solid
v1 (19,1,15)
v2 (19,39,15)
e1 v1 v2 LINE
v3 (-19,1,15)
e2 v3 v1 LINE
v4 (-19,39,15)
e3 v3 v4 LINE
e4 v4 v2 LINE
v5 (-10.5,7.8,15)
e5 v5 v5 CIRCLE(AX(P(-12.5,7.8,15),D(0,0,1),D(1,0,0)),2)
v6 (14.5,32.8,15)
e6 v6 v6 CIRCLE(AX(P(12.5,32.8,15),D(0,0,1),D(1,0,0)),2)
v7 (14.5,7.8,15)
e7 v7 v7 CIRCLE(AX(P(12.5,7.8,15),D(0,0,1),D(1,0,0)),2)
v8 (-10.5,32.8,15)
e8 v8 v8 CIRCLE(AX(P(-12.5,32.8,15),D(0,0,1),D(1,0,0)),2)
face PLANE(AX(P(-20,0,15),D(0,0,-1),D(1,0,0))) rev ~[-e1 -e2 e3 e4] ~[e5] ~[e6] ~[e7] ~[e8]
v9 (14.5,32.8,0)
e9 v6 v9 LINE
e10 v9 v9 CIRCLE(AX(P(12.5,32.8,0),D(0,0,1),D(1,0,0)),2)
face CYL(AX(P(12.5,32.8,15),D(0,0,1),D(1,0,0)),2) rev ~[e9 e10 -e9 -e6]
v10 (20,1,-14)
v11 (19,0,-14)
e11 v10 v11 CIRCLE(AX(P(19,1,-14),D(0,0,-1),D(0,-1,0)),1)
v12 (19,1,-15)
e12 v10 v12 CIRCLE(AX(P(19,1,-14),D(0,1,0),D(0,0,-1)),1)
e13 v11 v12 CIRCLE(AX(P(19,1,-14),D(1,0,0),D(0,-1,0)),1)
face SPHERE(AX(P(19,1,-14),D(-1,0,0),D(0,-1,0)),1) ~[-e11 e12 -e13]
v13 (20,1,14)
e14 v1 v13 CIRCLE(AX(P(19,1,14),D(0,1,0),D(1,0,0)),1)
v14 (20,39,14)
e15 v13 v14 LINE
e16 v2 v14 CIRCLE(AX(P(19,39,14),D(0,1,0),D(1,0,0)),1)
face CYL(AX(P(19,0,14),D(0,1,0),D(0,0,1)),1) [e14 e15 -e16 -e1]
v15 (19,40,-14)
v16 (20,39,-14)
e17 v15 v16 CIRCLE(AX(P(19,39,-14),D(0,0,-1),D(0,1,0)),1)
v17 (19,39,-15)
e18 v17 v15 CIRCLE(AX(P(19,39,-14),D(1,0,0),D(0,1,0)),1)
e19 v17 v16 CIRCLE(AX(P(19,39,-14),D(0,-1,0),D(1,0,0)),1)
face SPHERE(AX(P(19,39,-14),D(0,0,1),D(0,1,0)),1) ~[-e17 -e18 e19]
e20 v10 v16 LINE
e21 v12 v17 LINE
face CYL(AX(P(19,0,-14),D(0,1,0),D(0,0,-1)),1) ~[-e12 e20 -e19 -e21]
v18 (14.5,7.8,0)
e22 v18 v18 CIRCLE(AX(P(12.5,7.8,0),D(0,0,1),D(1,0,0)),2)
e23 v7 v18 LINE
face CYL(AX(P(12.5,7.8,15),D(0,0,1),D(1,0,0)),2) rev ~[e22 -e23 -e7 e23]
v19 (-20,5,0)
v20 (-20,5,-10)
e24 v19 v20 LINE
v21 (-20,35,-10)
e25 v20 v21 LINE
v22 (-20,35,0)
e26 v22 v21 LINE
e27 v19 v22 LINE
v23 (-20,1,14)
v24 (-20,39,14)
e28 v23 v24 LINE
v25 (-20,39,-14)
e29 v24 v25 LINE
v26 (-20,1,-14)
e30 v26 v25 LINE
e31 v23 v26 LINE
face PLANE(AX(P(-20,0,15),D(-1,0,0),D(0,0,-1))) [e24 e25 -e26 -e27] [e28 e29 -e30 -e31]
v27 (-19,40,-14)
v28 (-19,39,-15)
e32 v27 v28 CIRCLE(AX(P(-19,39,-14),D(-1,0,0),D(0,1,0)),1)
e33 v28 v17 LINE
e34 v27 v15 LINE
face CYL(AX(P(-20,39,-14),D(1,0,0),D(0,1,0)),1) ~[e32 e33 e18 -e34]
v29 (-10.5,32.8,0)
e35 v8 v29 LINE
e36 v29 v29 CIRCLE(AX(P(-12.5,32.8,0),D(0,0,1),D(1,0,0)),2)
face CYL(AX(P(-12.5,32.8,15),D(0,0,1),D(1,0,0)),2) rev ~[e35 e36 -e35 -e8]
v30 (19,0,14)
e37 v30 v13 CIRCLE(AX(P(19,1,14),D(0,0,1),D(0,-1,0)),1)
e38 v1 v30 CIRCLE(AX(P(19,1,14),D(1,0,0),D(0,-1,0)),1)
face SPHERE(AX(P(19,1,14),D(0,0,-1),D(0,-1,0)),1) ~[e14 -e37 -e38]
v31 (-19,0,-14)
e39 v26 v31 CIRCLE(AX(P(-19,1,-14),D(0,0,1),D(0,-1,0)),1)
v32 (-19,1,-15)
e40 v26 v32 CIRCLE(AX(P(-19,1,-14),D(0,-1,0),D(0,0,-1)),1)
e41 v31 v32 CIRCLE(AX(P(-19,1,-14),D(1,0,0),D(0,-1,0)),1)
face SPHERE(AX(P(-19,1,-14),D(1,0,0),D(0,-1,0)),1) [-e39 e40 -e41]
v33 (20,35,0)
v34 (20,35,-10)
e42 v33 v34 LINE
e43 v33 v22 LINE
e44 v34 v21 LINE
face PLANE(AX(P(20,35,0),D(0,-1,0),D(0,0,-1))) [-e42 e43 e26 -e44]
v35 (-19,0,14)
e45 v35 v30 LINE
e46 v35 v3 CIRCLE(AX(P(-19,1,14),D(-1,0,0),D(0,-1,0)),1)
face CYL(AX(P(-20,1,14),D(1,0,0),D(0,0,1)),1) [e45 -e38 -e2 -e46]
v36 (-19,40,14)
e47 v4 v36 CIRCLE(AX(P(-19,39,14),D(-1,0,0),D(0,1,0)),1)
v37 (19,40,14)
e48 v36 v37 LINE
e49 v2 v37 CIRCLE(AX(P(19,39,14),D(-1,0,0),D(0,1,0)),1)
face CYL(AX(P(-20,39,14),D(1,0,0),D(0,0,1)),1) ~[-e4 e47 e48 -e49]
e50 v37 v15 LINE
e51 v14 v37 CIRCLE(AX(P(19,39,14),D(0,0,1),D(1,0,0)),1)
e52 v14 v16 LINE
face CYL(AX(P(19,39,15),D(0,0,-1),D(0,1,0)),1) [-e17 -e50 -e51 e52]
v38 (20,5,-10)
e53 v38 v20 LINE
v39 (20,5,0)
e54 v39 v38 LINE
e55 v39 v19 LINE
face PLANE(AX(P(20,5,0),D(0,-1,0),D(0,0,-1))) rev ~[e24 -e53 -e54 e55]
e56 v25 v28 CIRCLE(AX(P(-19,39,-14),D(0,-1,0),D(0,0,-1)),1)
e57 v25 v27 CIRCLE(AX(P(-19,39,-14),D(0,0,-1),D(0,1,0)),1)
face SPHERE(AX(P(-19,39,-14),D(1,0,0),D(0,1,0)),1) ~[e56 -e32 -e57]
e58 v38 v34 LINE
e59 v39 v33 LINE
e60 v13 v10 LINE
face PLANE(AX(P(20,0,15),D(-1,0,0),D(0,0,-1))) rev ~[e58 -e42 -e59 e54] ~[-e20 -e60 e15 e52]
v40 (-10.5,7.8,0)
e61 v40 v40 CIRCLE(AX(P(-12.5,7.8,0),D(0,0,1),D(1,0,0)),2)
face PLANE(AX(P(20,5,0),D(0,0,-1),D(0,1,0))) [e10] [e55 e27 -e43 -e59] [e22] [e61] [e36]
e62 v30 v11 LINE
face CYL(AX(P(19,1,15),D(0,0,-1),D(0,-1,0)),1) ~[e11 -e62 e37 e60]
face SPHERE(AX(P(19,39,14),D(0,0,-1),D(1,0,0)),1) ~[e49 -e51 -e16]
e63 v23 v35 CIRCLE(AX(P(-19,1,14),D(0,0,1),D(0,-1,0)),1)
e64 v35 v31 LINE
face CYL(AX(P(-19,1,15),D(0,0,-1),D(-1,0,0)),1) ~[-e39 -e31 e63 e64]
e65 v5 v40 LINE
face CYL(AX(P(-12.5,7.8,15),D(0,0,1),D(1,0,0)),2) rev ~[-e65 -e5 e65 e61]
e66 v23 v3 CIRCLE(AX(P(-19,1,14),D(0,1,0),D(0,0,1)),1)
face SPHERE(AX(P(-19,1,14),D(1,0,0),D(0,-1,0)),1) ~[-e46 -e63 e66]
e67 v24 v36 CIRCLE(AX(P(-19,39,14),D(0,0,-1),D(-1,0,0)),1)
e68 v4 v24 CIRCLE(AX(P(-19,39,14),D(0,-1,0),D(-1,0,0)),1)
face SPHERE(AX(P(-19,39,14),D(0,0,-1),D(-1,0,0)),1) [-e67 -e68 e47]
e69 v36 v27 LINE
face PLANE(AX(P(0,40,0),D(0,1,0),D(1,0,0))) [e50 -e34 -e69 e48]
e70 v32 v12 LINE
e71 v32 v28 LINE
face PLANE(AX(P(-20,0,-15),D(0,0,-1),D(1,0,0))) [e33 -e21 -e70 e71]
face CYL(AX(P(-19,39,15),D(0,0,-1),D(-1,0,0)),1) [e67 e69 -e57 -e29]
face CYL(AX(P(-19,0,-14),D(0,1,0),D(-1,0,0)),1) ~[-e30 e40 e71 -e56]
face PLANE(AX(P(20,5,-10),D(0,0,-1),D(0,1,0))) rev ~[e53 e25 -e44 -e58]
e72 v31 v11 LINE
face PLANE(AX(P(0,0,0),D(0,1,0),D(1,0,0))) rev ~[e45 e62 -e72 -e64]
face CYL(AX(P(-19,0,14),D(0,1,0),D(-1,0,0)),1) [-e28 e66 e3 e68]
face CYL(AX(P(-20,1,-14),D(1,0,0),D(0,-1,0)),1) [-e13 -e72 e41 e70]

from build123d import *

# Parameters (mm, degrees)
SKETCH2_W           = 40
SKETCH2_H           = 30
BOSS_EXTRUDE1_DEPTH = 40
SKETCH3_W           = 10
SKETCH3_H           = 30
CUT_EXTRUDE1_DEPTH  = 40
CUT_EXTRUDE2_REACH  = 55.852
SKETCH5_R           = 2
FILLET2_R           = 1


with BuildPart() as part:
    # Sketch2 → Boss-Extrude1 (new body)
    with BuildSketch(Plane(origin=(0, 0, 0), x_dir=(1, 0, 0), z_dir=(0, 1, 0))):
        Rectangle(SKETCH2_W, SKETCH2_H)
    extrude(amount=BOSS_EXTRUDE1_DEPTH)

    # Sketch3 → Cut-Extrude1 (cut)
    with BuildSketch(Plane(origin=(20, 0, 0), x_dir=(0, 0, -1), z_dir=(1, 0, 0))):
        with Locations((5, 20)):
            Rectangle(SKETCH3_W, SKETCH3_H)
    extrude(amount=-CUT_EXTRUDE1_DEPTH, mode=Mode.SUBTRACT)

    # Sketch5 → Cut-Extrude2 (cut, up to next)
    with BuildSketch(Plane.XY.offset(15), mode=Mode.PRIVATE) as cut_extrude2_sk1:
        with Locations((12.5, 7.8)):
            Circle(SKETCH5_R)
    cut_extrude2_tool1 = extrude(cut_extrude2_sk1.sketch, amount=-CUT_EXTRUDE2_REACH, mode=Mode.PRIVATE) & part.part
    # Sketch5 → Cut-Extrude2 (cut, up to next)
    with BuildSketch(Plane.XY.offset(15), mode=Mode.PRIVATE) as cut_extrude2_sk2:
        with Locations((12.5, 32.8)):
            Circle(SKETCH5_R)
    cut_extrude2_tool2 = extrude(cut_extrude2_sk2.sketch, amount=-CUT_EXTRUDE2_REACH, mode=Mode.PRIVATE) & part.part
    # Sketch5 → Cut-Extrude2 (cut, up to next)
    with BuildSketch(Plane.XY.offset(15), mode=Mode.PRIVATE) as cut_extrude2_sk3:
        with Locations((-12.5, 32.8)):
            Circle(SKETCH5_R)
    cut_extrude2_tool3 = extrude(cut_extrude2_sk3.sketch, amount=-CUT_EXTRUDE2_REACH, mode=Mode.PRIVATE) & part.part
    # Sketch5 → Cut-Extrude2 (cut, up to next)
    with BuildSketch(Plane.XY.offset(15), mode=Mode.PRIVATE) as cut_extrude2_sk4:
        with Locations((-12.5, 7.8)):
            Circle(SKETCH5_R)
    cut_extrude2_tool4 = extrude(cut_extrude2_sk4.sketch, amount=-CUT_EXTRUDE2_REACH, mode=Mode.PRIVATE) & part.part
    add(cut_extrude2_tool1.solids().sort_by_distance((12.5, 7.8, 15))[0], mode=Mode.SUBTRACT)
    add(cut_extrude2_tool2.solids().sort_by_distance((12.5, 32.8, 15))[0], mode=Mode.SUBTRACT)
    add(cut_extrude2_tool3.solids().sort_by_distance((-12.5, 32.8, 15))[0], mode=Mode.SUBTRACT)
    add(cut_extrude2_tool4.solids().sort_by_distance((-12.5, 7.8, 15))[0], mode=Mode.SUBTRACT)

    # Fillet2
    fillet2_edges = [part.edges().sort_by_distance(p)[0] for p in [
        (20, 40, 0),
        (0, 40, -15),
        (-20, 40, 0),
        (0, 0, -15),
        (20, 0, 0),
        (0, 0, 15),
        (-20, 0, 0),
        (-20, 20, -15),
        (20, 20, -15),
        (20, 20, 15),
        (-20, 20, 15),
        (0, 40, 15),
    ]]
    fillet(fillet2_edges, radius=FILLET2_R)


solid = part.part
